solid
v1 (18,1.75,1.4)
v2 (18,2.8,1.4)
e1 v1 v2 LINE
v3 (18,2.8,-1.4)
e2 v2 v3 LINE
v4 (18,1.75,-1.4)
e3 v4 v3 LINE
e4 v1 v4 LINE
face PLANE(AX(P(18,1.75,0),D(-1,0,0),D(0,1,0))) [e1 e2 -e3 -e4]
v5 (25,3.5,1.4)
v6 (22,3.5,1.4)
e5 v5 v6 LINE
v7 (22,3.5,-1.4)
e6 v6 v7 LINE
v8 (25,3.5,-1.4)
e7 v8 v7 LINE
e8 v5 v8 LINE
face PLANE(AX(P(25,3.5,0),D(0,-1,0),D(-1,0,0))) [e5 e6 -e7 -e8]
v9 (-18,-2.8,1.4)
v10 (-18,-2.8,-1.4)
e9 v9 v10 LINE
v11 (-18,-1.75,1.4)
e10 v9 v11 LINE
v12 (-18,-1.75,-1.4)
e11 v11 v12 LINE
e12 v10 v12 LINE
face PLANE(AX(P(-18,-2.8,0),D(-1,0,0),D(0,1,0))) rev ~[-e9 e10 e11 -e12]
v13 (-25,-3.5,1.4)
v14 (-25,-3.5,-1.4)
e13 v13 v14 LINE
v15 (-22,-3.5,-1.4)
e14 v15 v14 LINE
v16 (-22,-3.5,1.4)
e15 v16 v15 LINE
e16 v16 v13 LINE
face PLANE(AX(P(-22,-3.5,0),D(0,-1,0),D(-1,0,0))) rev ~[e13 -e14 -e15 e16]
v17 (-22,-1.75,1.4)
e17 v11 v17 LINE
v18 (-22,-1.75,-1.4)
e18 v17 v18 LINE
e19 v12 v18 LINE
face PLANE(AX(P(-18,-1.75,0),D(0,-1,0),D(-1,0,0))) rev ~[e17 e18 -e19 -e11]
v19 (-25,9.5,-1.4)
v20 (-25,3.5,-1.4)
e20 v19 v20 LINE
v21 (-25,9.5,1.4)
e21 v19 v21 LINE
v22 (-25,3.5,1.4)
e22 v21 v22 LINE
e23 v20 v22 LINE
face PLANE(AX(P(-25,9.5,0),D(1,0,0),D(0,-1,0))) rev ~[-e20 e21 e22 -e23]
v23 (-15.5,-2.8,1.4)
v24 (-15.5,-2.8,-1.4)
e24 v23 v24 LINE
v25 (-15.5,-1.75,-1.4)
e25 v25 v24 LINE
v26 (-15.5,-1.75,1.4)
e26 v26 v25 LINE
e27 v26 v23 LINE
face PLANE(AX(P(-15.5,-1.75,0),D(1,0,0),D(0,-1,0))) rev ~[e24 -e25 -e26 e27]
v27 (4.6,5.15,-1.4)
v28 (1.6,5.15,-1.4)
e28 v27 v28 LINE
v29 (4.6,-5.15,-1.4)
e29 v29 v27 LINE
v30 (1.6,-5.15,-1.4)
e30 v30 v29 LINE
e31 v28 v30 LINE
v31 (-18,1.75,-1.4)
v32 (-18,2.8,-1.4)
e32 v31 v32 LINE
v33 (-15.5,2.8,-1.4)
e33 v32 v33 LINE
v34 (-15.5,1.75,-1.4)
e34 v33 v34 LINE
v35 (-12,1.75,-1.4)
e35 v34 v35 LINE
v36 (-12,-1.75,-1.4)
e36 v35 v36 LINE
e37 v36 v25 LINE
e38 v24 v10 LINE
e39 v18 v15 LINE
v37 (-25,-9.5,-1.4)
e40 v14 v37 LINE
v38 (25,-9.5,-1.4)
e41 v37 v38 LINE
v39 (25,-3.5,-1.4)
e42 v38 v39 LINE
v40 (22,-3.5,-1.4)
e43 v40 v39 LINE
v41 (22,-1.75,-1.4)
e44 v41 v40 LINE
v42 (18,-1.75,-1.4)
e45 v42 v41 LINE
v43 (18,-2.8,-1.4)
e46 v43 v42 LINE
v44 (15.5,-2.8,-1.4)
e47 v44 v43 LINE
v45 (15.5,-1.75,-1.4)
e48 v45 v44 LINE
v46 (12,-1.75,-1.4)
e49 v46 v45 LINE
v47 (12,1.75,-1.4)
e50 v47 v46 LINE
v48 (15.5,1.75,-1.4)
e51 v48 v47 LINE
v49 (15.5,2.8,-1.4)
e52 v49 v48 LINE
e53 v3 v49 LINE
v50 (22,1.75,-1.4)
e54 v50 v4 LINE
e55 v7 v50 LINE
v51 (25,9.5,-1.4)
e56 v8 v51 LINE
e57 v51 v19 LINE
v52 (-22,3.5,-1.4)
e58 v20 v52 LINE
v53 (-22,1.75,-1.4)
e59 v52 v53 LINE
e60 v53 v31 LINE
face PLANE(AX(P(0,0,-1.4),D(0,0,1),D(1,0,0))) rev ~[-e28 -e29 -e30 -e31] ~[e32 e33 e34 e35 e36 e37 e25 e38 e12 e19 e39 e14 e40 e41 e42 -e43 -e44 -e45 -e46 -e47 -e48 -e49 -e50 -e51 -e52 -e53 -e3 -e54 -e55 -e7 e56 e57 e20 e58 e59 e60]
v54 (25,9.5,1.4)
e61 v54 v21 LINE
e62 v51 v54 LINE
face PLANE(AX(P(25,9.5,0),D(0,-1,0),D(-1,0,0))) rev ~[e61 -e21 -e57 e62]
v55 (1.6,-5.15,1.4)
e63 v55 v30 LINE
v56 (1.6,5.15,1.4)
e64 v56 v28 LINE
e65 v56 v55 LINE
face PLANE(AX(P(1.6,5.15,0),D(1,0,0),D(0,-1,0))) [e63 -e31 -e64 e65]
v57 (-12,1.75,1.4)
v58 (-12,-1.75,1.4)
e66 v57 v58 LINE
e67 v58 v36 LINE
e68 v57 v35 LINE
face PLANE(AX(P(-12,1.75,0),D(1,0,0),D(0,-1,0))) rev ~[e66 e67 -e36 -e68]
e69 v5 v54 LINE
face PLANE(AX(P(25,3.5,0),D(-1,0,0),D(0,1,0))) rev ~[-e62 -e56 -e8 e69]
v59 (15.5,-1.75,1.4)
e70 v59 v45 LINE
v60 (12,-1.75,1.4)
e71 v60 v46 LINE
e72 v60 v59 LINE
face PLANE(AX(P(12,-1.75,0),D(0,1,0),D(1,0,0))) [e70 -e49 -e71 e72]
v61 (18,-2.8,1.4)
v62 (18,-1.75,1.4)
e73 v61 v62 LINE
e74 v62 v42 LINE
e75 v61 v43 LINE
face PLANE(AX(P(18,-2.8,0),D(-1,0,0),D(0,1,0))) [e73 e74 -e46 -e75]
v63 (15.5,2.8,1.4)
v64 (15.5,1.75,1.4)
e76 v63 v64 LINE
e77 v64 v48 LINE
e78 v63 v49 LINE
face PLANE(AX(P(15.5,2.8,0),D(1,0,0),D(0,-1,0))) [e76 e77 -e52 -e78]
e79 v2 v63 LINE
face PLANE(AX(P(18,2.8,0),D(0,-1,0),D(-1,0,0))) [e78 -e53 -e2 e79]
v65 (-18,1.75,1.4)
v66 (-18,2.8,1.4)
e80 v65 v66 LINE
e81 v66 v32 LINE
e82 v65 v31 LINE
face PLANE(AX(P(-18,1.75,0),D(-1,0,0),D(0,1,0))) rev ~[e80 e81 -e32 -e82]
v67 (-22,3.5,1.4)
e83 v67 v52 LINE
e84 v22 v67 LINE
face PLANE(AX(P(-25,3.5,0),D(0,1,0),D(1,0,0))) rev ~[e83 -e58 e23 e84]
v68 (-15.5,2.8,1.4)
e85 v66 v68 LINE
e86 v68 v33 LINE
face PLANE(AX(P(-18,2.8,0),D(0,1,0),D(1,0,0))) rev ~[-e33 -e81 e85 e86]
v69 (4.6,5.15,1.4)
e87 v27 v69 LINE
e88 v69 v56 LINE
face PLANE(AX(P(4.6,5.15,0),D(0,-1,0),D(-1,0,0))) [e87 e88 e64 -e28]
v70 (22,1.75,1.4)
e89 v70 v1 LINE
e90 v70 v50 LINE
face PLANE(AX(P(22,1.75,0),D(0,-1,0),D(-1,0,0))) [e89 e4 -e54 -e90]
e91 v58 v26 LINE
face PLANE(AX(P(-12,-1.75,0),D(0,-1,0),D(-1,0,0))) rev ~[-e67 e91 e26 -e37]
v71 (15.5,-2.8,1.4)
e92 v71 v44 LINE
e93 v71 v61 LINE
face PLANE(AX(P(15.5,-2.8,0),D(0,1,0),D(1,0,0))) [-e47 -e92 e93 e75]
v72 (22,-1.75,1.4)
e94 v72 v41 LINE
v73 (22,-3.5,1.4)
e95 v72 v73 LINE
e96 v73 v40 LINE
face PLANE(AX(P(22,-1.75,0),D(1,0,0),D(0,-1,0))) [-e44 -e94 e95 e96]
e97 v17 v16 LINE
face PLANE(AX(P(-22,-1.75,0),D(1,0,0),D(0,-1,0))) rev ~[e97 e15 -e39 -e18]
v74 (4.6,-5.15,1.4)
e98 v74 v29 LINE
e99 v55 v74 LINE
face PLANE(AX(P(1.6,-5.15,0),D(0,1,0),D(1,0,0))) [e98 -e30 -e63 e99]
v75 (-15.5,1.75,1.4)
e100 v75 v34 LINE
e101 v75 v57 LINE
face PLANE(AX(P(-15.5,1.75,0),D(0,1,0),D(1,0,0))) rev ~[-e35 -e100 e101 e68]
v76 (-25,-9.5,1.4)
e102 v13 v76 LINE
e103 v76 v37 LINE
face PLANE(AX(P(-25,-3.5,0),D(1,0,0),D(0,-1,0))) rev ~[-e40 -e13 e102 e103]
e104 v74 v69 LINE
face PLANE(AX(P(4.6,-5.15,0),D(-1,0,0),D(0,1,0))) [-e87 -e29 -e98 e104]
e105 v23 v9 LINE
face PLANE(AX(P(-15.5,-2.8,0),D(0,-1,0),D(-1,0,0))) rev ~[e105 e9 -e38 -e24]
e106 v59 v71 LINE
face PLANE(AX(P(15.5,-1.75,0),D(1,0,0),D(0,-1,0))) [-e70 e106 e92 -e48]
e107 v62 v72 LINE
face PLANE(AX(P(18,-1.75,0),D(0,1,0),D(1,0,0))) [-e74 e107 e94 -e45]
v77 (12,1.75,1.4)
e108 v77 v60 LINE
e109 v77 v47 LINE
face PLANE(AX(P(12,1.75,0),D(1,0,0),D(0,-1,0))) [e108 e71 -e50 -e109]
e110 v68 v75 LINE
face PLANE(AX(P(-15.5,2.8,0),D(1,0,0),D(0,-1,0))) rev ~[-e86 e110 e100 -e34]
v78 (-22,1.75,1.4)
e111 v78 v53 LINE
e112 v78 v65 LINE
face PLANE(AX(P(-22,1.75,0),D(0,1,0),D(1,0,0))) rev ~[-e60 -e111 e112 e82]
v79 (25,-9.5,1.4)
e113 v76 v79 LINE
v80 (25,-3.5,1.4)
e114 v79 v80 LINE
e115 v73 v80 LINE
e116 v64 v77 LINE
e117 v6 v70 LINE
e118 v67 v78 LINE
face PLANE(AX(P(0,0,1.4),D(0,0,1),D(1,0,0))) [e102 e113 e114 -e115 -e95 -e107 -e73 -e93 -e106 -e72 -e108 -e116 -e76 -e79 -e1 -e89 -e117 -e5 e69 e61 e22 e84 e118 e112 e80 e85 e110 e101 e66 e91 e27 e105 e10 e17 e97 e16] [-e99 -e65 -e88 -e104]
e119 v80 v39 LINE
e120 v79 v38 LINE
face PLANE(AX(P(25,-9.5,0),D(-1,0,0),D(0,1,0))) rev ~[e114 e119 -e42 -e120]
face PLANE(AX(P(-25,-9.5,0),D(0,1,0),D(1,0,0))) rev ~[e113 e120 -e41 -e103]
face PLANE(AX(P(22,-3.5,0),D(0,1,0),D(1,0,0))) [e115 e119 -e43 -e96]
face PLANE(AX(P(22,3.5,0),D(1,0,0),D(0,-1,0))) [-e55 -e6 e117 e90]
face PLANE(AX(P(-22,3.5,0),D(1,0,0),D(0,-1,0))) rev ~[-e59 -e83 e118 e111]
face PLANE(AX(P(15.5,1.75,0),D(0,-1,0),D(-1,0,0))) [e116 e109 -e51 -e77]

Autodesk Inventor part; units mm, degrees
ref_plane "YZ Plane" through (0, 0, 0) normal (1, 0, 0) x (0, 1, 0)
ref_plane "XZ Plane" through (0, 0, 0) normal (0, 1, 0) x (-1, 0, 0)
ref_plane "XY Plane" through (0, 0, 0) normal (0, 0, 1) x (1, 0, 0)
sketch "Sketch1" plane through (0, 0, 0) normal (0, 0, 1) x (1, 0, 0)
  line L0 (25, 9.5) -> (-25, 9.5)
  line L1 (-25, 9.5) -> (-25, -9.5)
  line L2 (-25, -9.5) -> (25, -9.5)
  line L3 (25, -9.5) -> (25, 9.5)
  line L4 (25, 9.5) -> (-25, -9.5) construction
  line L5 (-25, 9.5) -> (25, -9.5) construction
  line L6 (4.6, 5.15) -> (1.6, 5.15)
  line L7 (1.6, 5.15) -> (1.6, -5.15)
  line L8 (1.6, -5.15) -> (4.6, -5.15)
  line L9 (4.6, -5.15) -> (4.6, 5.15)
  line L10 (4.6, 5.15) -> (1.6, -5.15) construction
  line L11 (1.6, 5.15) -> (4.6, -5.15) construction
  line L12 (-25, 3.5) -> (-22, 3.5)
  line L13 (-22, 3.5) -> (-22, -3.5)
  line L14 (-22, -3.5) -> (-25, -3.5)
  line L15 (-25, -3.5) -> (-25, 3.5)
  line L16 (-22, 1.75) -> (-12, 1.75)
  line L17 (-12, 1.75) -> (-12, -1.75)
  line L18 (-12, -1.75) -> (-22, -1.75)
  line L19 (-22, -1.75) -> (-22, 1.75)
  line L20 (-18, 2.8) -> (-15.5, 2.8)
  line L21 (-15.5, 2.8) -> (-15.5, -2.8)
  line L22 (-15.5, -2.8) -> (-18, -2.8)
  line L23 (-18, -2.8) -> (-18, 2.8)
  line L24 (0, 9.5) -> (0, -9.5) construction
  line L25 (25, 3.5) -> (22, 3.5)
  line L26 (22, 3.5) -> (22, -3.5)
  line L27 (22, -3.5) -> (25, -3.5)
  line L28 (25, -3.5) -> (25, 3.5)
  line L29 (22, 1.75) -> (12, 1.75)
  line L30 (12, 1.75) -> (12, -1.75)
  line L31 (12, -1.75) -> (22, -1.75)
  line L32 (22, -1.75) -> (22, 1.75)
  line L33 (18, 2.8) -> (15.5, 2.8)
  line L34 (15.5, 2.8) -> (15.5, -2.8)
  line L35 (15.5, -2.8) -> (18, -2.8)
  line L36 (18, -2.8) -> (18, 2.8)
  point P0 (0, 0)
  point P1 (3.1, 0)
  point P2 (0, 0)
  point P3 (3.1, 0)
  point P4 (-25, 0)
  point P5 (-22, 0)
  point P6 (-15.5, 0)
  point P7 (25, 0)
  point P8 (22, 0)
  point P9 (15.5, 0)
  dimension "d0" = 19
  dimension "d1" = 50
  dimension "d2" = 20.4
  dimension "d3" = 3
  dimension "d4" = 10.3
  dimension "d5" = 3
  dimension "d6" = 7
  dimension "d7" = 3.5
  dimension "d8" = 7
  dimension "d9" = 2.5
  dimension "d10" = 5.6
  dimension "d11" = 13
extrude "Extrusion1" add sketch "Sketch1" along normal mid plane 2.8 contours L3 L25 L26 L29 L36 L33 L34 L30 L31 L35 L27 L2 L1 L14 L13 L18 L23 L22 L21 L17 L16 L20 L12 L0
